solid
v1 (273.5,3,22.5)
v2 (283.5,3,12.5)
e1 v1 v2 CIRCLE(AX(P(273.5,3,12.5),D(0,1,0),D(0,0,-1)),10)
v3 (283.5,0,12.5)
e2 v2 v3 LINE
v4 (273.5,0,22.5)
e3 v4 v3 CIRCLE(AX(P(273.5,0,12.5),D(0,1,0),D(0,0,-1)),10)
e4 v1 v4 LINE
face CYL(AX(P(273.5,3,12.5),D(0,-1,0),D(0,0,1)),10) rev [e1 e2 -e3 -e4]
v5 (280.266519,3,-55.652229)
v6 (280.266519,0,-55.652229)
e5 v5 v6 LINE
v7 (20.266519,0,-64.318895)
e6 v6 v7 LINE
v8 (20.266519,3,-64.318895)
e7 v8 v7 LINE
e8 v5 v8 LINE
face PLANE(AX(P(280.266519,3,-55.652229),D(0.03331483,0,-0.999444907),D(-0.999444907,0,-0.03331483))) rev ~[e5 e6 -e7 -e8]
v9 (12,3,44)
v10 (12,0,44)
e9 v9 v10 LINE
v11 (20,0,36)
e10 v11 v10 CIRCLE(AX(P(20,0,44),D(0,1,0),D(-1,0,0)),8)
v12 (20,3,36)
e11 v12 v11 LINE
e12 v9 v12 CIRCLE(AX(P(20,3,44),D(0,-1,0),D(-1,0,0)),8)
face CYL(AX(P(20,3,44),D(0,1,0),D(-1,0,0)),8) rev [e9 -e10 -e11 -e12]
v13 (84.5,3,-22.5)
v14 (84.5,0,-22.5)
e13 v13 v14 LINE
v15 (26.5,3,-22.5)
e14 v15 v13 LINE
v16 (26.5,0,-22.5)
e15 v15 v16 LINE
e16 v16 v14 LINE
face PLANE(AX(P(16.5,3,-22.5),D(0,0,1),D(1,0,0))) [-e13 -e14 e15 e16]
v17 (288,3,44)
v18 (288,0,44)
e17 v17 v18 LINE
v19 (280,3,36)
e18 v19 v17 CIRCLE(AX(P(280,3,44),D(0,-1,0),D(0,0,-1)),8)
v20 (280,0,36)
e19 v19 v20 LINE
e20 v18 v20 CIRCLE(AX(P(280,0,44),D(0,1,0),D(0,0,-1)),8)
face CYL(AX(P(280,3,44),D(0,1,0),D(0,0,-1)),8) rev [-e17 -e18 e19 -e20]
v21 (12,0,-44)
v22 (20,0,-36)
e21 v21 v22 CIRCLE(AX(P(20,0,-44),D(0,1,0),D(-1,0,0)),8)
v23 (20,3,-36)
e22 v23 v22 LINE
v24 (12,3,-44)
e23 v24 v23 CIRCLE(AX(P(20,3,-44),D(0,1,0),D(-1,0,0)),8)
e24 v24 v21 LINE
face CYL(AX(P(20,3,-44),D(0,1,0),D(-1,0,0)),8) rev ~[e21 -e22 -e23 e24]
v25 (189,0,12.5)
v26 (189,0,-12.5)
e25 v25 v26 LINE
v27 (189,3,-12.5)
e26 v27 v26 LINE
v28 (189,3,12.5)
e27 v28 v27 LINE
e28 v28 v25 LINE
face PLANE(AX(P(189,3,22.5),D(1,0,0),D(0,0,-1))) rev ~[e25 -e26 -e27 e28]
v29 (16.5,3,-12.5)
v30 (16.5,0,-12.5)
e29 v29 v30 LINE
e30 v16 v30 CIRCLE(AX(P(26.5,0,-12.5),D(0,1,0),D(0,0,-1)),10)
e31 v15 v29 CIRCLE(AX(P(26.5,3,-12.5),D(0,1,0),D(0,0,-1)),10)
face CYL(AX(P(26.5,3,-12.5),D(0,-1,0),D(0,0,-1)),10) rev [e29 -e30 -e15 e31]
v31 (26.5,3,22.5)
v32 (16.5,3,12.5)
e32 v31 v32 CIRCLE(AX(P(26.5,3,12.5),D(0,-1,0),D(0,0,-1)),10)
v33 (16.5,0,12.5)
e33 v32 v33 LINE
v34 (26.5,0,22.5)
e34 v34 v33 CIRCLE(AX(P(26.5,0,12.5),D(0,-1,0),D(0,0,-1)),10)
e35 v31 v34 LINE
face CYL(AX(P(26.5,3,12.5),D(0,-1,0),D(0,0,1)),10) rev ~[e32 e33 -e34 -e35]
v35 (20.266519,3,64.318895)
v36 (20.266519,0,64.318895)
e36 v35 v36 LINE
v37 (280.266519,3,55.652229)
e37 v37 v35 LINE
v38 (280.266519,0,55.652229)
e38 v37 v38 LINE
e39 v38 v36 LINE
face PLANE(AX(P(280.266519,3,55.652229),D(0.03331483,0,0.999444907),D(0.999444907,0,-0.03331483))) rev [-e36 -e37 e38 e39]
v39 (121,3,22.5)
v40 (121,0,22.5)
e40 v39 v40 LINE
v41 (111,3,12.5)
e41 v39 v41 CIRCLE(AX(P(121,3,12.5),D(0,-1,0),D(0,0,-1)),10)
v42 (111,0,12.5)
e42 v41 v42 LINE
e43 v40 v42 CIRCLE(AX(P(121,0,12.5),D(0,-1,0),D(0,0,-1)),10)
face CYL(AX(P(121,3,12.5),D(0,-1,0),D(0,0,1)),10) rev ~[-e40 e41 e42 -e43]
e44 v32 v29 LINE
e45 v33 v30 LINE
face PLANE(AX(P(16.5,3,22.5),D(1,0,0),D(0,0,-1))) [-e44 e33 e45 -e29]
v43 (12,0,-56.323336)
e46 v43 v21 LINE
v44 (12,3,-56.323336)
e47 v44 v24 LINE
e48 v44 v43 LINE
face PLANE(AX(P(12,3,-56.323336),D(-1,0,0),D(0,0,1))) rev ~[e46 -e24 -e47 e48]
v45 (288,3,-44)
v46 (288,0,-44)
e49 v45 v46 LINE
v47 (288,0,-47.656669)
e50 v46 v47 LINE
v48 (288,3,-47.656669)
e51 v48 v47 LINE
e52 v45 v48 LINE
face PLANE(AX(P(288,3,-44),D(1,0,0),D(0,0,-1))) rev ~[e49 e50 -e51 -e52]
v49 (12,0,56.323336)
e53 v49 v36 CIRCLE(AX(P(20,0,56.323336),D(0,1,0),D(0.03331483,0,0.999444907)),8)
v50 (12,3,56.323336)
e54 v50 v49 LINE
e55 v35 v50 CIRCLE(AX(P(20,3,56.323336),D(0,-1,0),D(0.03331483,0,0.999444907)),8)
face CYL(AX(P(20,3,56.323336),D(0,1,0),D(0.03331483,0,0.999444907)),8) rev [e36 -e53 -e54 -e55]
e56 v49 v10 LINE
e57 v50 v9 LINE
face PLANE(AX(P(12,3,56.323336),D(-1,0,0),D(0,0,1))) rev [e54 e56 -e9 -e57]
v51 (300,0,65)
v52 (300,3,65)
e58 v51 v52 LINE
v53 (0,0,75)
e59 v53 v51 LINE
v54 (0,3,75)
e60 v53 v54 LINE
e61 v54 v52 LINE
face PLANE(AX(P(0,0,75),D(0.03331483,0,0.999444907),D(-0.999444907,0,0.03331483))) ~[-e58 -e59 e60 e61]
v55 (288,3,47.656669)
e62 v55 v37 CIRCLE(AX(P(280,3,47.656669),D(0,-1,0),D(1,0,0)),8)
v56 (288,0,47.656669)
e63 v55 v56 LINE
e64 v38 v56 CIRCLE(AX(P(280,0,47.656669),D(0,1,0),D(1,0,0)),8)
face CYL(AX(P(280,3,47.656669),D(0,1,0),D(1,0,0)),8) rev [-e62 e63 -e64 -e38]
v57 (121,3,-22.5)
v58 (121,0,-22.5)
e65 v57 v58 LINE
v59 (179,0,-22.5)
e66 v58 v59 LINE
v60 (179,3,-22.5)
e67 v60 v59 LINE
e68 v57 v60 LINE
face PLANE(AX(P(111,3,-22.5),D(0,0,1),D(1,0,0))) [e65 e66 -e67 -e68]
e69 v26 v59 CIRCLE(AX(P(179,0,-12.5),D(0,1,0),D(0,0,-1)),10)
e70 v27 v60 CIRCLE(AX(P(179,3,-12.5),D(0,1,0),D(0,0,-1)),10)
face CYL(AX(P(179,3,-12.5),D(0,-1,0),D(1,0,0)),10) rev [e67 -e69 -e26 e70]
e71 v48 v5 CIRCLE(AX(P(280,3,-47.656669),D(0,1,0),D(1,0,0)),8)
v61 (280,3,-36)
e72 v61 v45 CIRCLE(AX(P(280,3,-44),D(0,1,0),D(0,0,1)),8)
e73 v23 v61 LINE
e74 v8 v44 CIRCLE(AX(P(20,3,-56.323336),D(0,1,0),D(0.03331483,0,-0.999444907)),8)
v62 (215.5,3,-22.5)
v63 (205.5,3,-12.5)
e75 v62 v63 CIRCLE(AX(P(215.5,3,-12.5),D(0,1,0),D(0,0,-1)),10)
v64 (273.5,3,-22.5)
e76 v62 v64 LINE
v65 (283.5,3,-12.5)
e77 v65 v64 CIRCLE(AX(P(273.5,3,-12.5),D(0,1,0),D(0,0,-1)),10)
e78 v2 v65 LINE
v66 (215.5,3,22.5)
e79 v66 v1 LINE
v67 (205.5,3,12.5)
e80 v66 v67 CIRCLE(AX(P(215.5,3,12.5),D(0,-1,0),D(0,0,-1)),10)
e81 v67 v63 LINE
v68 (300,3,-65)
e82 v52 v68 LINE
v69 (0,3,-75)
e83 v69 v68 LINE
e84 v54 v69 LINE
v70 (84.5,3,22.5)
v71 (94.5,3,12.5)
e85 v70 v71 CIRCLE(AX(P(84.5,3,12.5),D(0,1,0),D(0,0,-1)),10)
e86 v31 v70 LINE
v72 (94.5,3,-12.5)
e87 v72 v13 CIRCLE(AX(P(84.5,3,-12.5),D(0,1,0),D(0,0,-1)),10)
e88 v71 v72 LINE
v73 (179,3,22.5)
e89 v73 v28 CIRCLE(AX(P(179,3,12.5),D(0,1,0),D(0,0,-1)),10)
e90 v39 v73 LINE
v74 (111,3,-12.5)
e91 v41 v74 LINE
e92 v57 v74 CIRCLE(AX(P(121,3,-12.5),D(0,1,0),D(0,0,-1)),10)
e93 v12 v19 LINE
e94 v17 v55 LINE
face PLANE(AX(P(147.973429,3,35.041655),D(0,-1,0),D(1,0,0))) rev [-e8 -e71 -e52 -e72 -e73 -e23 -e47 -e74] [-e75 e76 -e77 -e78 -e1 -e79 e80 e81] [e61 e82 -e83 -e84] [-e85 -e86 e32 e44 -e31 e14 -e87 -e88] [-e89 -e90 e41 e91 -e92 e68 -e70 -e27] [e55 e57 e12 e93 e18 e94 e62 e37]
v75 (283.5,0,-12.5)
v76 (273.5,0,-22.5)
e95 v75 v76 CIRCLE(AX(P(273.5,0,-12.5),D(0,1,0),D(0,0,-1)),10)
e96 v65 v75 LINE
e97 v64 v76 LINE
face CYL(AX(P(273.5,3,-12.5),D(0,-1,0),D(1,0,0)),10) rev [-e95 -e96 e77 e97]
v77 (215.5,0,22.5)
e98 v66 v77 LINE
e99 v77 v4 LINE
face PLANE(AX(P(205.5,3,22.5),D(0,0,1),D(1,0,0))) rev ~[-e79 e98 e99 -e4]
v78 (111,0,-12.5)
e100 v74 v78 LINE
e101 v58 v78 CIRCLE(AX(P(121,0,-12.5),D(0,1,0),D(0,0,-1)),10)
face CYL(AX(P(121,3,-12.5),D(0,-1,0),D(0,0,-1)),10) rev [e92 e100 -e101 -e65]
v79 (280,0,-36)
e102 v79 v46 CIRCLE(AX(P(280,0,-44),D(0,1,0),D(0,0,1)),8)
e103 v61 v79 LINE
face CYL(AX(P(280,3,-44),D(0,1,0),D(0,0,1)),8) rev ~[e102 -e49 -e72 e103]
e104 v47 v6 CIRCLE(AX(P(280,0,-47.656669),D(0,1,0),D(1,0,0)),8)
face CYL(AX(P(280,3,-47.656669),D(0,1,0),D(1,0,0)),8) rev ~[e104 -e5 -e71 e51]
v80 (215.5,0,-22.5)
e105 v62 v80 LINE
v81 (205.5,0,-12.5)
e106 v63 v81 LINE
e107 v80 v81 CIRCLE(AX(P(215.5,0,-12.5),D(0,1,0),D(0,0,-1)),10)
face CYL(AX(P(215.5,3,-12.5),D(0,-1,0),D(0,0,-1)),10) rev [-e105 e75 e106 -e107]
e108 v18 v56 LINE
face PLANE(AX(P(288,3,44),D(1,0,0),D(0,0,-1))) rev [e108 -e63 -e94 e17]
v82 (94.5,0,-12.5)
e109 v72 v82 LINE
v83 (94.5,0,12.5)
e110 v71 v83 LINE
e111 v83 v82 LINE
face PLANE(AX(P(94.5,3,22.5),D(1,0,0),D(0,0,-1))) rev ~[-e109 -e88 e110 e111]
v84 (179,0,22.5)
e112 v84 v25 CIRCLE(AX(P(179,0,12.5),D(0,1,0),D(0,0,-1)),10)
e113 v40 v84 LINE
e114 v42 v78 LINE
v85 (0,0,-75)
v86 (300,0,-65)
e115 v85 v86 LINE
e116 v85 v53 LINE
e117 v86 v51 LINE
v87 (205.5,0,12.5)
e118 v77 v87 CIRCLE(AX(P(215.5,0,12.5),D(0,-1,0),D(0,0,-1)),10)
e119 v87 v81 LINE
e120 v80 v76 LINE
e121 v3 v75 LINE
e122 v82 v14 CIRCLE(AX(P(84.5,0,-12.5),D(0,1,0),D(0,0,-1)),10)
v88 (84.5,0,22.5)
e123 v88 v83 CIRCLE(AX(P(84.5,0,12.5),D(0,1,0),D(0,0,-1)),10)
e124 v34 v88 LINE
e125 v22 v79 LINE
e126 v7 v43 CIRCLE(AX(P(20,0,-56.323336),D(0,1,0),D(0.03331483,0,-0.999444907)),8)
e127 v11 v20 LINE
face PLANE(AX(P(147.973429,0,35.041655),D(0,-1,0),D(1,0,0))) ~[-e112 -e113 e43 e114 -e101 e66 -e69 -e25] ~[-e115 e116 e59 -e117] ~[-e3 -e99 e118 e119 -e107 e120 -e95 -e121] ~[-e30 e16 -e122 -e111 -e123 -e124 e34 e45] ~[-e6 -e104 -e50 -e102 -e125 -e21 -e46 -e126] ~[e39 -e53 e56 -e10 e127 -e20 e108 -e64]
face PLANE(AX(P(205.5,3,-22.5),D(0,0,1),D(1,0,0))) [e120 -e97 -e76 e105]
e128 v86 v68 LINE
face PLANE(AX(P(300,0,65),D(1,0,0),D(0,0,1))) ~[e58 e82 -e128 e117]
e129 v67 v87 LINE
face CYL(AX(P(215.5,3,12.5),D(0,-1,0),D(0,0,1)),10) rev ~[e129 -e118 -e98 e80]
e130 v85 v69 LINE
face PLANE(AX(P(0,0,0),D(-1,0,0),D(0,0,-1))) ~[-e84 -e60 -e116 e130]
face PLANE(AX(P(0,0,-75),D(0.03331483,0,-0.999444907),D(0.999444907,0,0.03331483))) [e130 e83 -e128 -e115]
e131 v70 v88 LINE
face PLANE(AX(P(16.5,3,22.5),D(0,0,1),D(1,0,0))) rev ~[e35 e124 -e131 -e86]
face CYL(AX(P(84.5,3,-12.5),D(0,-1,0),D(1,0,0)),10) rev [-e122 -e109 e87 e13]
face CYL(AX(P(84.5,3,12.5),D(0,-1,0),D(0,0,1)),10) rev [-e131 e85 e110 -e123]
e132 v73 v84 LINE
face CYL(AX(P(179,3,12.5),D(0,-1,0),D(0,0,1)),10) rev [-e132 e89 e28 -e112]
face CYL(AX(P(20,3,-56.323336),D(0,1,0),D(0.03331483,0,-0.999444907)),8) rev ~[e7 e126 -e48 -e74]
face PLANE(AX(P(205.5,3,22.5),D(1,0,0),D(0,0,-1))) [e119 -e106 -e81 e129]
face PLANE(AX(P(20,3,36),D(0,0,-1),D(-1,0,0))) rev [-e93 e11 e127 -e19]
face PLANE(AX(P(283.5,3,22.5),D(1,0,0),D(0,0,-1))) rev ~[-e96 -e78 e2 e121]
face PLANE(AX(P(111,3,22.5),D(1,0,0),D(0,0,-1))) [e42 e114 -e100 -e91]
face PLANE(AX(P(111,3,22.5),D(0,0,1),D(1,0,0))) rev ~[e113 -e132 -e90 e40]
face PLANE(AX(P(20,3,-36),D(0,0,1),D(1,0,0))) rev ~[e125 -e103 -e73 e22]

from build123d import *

# Parameters (mm, degrees)
BOSS_EXTRUDE1_DEPTH = 3
SKETCH2_W           = 78
SKETCH2_H           = 45
CUT_EXTRUDE1_DEPTH  = 10
FILLET1_R           = 10
CUT_EXTRUDE2_DEPTH  = 10


with BuildPart() as part:
    # Sketch1 → Boss-Extrude1 (new body)
    with BuildSketch(Plane(origin=(0, 0, 0), x_dir=(1, 0, 0), z_dir=(0, 1, 0))):
        Polygon((0, 0), (0, 75.000000004), (300, 65), (300, 0), align=None)
    boss_extrude1 = extrude(amount=BOSS_EXTRUDE1_DEPTH)

    # Mirror1: Boss-Extrude1 across Front Plane
    add(boss_extrude1.mirror(Plane.XY))

    # Sketch2 → Cut-Extrude1 (cut)
    with BuildSketch(Plane(origin=(0, 3, 0), x_dir=(1, 0, 0), z_dir=(0, 1, 0))):
        with Locations((55.5, 0)):
            Rectangle(SKETCH2_W, SKETCH2_H)
        with Locations((150, 0)):
            Rectangle(SKETCH2_W, SKETCH2_H)
        with Locations((244.5, 0)):
            Rectangle(SKETCH2_W, SKETCH2_H)
    extrude(amount=-CUT_EXTRUDE1_DEPTH, mode=Mode.SUBTRACT)

    # Fillet1
    fillet1_edges = [part.edges().sort_by_distance(p)[0] for p in [
        (16.5, 1.5, 22.5),
        (16.5, 1.5, -22.5),
        (94.5, 1.5, -22.5),
        (94.5, 1.5, 22.5),
        (111, 1.5, 22.5),
        (111, 1.5, -22.5),
        (189, 1.5, -22.5),
        (189, 1.5, 22.5),
        (205.5, 1.5, 22.5),
        (205.5, 1.5, -22.5),
        (283.5, 1.5, -22.5),
        (283.5, 1.5, 22.5),
    ]]
    fillet(fillet1_edges, radius=FILLET1_R)

    # Sketch3 → Cut-Extrude2 (cut)
    with BuildSketch(Plane(origin=(0, 3, 0), x_dir=(1, 0, 0), z_dir=(0, 1, 0))):
        with BuildLine():
            Line((12, 56.323336113), (12, 44))
            ThreePointArc((12, 44), (14.343145751, 38.343145751), (20, 36))
            Line((20, 36), (280, 36))
            ThreePointArc((280, 36), (285.656854249, 38.343145751), (288, 44))
            Line((288, 44), (288, 47.656669443))
            ThreePointArc((288, 47.656669443), (285.750310824, 53.218496969), (280.266518642, 55.652228699))
            Line((280.266518642, 55.652228699), (20.266518642, 64.318895369))
            ThreePointArc((20.266518642, 64.318895369), (14.438172474, 62.073646937), (12, 56.323336113))
        make_face()
    cut_extrude2 = extrude(amount=-CUT_EXTRUDE2_DEPTH, mode=Mode.SUBTRACT)

    # Mirror2: Cut-Extrude2 across plane
    add(cut_extrude2.mirror(Plane.XY), mode=Mode.SUBTRACT)


solid = part.part
